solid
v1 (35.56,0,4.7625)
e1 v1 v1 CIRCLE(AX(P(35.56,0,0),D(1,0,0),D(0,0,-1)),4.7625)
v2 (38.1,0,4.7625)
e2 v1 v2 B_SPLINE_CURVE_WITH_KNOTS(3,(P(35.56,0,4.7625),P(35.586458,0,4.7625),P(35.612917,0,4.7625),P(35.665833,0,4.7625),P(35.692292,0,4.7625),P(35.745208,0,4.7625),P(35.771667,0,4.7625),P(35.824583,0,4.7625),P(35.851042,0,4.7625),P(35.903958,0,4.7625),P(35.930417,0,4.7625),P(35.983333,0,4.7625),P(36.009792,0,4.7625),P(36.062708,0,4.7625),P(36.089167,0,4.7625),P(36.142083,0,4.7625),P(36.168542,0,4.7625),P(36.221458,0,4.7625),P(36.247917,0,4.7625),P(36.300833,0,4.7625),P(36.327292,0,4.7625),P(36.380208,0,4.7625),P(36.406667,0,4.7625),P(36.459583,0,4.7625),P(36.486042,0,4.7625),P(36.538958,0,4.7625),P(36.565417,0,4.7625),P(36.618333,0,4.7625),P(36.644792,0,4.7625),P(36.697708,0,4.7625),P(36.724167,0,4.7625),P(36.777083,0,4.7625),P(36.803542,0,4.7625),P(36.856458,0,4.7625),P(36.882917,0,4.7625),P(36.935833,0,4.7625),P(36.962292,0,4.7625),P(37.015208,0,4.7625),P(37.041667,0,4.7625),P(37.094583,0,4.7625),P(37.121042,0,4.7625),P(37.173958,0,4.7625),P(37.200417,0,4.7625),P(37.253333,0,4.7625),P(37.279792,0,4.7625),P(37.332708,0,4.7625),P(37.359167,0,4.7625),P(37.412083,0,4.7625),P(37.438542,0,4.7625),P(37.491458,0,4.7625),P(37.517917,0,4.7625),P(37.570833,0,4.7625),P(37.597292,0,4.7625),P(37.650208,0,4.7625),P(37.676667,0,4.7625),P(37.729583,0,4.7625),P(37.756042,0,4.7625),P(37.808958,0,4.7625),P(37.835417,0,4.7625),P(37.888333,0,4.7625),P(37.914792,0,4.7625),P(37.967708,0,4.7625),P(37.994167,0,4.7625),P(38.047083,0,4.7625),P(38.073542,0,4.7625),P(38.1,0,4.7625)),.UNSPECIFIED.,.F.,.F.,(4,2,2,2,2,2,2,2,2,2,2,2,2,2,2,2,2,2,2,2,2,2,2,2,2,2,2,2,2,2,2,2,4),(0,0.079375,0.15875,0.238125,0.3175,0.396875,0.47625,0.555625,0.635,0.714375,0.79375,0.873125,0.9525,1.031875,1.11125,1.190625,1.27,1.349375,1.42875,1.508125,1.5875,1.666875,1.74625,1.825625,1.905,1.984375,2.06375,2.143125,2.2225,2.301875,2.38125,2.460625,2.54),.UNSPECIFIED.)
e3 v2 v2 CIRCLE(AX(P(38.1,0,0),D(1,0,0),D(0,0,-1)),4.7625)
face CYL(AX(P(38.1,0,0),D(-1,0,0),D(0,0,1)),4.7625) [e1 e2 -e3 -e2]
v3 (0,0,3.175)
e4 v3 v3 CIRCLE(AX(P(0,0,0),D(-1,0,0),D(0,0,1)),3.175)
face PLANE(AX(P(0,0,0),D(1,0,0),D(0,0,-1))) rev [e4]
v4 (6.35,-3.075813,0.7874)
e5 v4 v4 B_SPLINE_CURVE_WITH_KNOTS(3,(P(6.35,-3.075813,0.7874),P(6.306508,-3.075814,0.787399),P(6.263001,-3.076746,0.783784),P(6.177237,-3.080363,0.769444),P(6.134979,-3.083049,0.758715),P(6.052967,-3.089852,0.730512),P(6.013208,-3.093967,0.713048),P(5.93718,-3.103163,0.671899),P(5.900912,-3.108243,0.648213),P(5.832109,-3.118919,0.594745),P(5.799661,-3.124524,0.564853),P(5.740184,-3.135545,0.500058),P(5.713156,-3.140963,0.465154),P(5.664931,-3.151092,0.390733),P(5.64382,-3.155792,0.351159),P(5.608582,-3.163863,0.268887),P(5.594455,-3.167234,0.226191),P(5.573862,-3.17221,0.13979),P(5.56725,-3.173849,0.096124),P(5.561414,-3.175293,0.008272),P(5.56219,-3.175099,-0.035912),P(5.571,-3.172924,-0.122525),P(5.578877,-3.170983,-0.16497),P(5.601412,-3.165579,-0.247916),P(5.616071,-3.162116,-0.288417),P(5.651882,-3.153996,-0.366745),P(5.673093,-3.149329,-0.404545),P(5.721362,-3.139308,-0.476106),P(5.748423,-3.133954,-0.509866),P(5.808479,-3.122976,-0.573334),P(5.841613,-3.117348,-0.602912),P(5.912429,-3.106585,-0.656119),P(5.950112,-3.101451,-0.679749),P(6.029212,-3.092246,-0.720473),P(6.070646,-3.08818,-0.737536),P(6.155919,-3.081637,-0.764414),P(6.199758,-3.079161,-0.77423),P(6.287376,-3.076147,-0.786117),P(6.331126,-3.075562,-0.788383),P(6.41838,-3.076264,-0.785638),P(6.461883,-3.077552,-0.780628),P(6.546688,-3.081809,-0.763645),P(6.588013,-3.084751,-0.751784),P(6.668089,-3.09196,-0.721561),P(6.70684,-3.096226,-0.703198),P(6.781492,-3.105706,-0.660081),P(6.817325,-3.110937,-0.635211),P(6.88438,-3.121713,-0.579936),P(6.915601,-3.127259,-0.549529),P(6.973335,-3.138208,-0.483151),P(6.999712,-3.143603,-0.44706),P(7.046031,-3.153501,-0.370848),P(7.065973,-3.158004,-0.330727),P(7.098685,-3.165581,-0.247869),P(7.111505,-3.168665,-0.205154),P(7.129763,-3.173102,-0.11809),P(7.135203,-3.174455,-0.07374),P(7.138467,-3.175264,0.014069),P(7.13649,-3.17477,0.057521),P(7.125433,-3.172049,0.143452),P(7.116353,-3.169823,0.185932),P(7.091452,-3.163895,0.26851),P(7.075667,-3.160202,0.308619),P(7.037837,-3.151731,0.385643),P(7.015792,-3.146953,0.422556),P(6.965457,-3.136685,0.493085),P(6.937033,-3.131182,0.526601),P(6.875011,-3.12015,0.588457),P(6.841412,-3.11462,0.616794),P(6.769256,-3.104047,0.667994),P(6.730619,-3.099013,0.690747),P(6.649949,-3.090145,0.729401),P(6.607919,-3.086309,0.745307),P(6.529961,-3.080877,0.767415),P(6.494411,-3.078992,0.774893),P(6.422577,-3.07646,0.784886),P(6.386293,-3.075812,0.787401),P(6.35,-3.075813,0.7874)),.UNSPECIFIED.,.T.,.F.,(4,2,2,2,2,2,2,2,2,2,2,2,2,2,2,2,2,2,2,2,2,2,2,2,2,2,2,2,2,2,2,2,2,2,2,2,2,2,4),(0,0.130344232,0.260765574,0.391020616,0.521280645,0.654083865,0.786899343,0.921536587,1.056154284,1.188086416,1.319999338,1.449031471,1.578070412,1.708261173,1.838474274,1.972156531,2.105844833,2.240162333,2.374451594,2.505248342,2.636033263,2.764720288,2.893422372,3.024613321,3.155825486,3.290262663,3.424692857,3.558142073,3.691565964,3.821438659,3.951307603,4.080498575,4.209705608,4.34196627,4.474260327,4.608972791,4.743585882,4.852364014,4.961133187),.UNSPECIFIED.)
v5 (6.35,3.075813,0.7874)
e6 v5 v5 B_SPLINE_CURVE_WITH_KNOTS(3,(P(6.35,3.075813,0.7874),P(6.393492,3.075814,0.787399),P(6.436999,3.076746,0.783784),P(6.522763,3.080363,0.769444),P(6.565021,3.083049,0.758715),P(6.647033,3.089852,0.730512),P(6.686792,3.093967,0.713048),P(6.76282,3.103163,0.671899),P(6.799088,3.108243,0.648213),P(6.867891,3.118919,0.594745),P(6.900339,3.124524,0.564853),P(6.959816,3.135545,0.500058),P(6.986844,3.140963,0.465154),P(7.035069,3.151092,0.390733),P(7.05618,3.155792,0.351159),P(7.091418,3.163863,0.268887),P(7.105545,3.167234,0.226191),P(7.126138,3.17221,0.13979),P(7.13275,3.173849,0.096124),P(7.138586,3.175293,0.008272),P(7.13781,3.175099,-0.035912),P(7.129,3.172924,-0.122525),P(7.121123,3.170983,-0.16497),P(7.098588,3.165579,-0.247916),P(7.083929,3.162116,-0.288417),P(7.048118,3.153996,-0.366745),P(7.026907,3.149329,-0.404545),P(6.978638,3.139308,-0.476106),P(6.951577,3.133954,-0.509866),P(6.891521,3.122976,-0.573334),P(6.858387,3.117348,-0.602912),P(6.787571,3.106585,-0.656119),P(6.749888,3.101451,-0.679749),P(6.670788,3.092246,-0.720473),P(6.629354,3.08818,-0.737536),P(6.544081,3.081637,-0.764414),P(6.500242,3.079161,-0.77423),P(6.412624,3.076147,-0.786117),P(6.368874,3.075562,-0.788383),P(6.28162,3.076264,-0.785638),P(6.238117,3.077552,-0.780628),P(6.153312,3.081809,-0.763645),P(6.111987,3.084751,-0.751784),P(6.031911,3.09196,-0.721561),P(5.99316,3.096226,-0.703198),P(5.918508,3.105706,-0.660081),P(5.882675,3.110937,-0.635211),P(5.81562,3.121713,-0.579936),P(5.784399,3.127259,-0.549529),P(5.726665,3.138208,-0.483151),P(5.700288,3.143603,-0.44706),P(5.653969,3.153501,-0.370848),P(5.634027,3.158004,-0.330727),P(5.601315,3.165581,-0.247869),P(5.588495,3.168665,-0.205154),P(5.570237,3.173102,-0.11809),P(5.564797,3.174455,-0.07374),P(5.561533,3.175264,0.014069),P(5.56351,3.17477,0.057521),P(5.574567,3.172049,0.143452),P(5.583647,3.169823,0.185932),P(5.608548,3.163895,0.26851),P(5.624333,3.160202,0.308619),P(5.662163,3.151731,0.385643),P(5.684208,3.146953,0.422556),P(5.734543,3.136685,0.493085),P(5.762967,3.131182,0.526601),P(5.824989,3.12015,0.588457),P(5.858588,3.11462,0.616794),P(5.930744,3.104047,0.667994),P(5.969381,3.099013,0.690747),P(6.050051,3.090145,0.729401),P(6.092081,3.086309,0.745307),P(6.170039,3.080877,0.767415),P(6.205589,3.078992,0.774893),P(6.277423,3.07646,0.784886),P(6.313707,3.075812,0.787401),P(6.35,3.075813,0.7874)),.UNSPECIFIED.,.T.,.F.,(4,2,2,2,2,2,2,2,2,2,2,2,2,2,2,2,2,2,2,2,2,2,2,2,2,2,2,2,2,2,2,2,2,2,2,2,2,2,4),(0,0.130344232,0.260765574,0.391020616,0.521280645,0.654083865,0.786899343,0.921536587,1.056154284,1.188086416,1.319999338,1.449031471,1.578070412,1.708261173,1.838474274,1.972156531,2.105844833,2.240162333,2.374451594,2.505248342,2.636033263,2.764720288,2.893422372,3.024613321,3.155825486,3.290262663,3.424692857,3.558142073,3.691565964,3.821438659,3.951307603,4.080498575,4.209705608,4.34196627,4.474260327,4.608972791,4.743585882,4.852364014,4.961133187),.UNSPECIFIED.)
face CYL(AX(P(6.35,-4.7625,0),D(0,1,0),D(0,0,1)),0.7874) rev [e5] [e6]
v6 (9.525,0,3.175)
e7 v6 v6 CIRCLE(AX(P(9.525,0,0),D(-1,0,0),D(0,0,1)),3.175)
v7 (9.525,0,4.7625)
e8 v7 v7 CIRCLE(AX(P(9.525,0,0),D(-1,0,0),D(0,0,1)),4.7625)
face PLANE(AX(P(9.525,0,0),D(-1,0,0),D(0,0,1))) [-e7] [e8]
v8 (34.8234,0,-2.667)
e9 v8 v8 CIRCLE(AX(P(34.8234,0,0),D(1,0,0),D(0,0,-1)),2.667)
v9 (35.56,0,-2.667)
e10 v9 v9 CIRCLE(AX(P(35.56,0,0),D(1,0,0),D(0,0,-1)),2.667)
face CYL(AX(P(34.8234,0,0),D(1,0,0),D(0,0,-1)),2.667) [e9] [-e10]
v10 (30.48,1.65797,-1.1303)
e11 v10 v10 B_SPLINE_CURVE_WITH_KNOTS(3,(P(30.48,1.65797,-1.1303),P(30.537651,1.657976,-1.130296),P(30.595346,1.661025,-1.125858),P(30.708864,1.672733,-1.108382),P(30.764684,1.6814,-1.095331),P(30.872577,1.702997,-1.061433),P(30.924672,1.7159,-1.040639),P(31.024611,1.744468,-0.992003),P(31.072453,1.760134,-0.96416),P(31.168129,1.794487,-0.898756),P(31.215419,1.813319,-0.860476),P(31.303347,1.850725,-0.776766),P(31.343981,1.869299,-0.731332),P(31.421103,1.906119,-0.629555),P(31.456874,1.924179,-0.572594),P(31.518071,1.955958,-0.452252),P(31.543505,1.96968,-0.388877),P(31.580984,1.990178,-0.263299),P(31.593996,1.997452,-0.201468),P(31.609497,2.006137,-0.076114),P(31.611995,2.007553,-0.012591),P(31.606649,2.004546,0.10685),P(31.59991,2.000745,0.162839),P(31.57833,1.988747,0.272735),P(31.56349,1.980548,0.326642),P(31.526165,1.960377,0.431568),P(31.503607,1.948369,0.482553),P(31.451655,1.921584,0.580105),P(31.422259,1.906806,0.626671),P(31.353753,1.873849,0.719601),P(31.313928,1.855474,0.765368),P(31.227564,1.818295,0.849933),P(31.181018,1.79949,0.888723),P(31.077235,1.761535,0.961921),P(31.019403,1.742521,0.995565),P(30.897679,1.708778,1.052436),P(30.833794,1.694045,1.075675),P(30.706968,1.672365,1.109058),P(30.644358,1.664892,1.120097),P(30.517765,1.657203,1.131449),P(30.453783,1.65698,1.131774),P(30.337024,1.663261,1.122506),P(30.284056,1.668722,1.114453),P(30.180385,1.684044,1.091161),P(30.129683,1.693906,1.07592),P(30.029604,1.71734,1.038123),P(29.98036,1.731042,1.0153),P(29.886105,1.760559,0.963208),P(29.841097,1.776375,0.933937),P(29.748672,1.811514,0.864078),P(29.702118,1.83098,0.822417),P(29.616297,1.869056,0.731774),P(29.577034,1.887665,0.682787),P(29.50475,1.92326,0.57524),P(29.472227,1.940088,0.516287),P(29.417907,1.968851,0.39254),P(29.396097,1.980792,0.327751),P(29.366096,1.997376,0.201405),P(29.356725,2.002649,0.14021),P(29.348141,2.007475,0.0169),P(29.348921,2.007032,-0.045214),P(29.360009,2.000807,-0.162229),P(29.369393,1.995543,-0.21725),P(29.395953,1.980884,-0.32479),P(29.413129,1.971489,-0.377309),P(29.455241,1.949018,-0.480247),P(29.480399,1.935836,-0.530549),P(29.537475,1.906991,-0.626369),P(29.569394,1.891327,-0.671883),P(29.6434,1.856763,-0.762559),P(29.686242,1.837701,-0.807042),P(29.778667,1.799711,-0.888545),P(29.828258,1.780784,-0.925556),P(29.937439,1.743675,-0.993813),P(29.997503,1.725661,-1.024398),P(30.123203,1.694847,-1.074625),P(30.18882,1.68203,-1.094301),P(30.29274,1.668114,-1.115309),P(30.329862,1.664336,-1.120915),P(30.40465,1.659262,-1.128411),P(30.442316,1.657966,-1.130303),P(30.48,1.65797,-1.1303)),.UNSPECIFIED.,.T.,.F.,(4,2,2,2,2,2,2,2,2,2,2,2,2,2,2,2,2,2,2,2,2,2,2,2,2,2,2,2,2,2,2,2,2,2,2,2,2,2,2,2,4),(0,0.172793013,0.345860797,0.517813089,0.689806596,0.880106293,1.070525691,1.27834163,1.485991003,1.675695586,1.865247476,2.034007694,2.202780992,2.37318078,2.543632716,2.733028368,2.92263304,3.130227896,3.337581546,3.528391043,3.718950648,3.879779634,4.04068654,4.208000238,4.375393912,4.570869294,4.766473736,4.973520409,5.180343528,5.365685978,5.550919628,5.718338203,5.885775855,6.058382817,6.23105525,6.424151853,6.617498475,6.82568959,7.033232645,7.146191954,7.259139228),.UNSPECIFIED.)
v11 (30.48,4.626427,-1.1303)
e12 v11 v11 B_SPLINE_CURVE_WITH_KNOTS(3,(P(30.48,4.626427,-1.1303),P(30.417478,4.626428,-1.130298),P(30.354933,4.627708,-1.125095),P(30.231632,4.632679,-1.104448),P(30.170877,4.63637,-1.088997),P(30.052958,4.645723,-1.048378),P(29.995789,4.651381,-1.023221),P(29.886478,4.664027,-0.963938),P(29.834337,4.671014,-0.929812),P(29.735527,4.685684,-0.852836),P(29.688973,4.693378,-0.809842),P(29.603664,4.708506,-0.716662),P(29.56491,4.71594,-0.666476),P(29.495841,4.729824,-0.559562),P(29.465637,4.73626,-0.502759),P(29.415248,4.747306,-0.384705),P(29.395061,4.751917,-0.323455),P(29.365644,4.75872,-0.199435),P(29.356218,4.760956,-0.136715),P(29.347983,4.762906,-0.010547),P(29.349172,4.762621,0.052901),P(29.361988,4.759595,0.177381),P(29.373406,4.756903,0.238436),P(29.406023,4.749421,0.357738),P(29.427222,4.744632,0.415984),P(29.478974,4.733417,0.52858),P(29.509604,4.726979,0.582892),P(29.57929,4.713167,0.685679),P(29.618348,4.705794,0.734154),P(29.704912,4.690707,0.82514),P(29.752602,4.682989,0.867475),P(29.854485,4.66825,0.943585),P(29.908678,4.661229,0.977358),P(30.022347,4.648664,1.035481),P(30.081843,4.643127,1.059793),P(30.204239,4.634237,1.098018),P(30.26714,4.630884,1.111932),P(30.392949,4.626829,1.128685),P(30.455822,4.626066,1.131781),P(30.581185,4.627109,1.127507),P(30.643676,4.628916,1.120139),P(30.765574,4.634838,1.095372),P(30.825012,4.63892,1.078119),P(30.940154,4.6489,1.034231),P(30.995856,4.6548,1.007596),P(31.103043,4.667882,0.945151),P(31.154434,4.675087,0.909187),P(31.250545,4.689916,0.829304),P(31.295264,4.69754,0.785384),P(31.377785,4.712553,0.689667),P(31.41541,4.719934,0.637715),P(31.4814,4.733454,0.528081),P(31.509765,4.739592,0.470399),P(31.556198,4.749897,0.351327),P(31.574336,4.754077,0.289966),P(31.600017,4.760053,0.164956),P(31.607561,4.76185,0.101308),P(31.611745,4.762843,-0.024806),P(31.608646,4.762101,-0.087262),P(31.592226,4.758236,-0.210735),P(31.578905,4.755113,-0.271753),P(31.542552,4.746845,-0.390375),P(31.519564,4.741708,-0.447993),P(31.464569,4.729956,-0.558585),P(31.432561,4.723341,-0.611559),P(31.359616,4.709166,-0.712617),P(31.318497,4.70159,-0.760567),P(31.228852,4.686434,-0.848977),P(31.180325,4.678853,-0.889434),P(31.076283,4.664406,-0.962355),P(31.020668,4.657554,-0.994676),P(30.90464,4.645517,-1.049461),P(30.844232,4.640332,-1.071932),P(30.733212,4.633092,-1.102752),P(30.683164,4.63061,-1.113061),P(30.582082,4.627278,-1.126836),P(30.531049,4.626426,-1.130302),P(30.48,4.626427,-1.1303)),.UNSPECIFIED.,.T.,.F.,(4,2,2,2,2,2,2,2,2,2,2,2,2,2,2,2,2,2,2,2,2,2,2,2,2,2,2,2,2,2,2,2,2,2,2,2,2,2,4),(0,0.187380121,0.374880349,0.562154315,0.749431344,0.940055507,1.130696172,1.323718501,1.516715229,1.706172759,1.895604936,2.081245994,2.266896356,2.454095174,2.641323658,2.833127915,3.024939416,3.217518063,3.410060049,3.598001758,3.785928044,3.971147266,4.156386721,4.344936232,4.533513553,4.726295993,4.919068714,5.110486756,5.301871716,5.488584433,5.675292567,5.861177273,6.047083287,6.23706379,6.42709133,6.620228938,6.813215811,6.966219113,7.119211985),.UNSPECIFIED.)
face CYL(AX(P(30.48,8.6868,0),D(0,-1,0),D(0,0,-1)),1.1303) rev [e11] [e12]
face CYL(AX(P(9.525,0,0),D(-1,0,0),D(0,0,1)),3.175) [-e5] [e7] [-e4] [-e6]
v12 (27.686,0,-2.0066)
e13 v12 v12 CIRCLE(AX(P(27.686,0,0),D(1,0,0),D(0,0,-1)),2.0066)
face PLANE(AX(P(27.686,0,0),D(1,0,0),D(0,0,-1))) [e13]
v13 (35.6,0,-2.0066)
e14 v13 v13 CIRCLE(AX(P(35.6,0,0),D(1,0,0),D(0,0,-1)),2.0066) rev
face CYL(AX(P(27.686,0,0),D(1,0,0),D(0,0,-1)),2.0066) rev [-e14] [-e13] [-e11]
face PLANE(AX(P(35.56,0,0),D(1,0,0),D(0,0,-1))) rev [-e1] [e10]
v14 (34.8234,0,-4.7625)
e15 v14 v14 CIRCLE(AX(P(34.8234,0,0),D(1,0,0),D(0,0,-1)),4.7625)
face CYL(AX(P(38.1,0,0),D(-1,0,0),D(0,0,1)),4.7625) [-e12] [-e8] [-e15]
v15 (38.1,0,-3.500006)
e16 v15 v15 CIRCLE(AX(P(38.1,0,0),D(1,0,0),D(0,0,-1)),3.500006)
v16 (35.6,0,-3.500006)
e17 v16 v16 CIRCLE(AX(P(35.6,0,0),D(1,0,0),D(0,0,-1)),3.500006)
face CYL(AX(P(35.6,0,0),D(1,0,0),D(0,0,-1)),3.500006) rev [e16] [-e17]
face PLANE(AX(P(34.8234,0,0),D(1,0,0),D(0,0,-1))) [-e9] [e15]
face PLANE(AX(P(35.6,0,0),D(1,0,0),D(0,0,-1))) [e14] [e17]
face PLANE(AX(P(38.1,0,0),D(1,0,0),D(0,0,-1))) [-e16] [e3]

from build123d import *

# Parameters (mm, degrees)
SKETCH1_R               = 4.7625
BOSS_EXTRUDE1_DEPTH     = 38.1
SKETCH2_R               = 2.0066
CUT_EXTRUDE1_DEPTH      = 10.414
SKETCH3_R               = 1.1303
CUT_EXTRUDE2_DEPTH      = 8.6868
SKETCH4_R               = 5.084796601
SKETCH4_R_2             = 3.175
CUT_EXTRUDE3_DEPTH      = 9.525
CUT_EXTRUDE4_DEPTH      = 39.690733028
CUT_EXTRUDE4_DEPTH_BACK = 39.690733028
SKETCH5_R               = 0.7874
SKETCH6_R               = 3.5000057
CUT_EXTRUDE5_DEPTH      = 2.50000008
CUT_EXTRUDE7_START      = -0.7366
SKETCH7_R               = 4.7625
SKETCH7_R_2             = 2.667
CUT_EXTRUDE7_DEPTH      = 0.7366


with BuildPart() as part:
    # Sketch1 → Boss-Extrude1 (new body)
    with BuildSketch(Plane(origin=(0, 0, 0), x_dir=(0, 0, -1), z_dir=(1, 0, 0))):
        with Locations(Location((0, 0, 0), (0, 0, 180))):
            Circle(SKETCH1_R)
    extrude(amount=BOSS_EXTRUDE1_DEPTH)

    # Sketch2 → Cut-Extrude1 (cut)
    with BuildSketch(Plane(origin=(38.1, 0, 0), x_dir=(0, 0, -1), z_dir=(1, 0, 0))):
        Circle(SKETCH2_R)
    extrude(amount=-CUT_EXTRUDE1_DEPTH, mode=Mode.SUBTRACT)

    # Sketch3 → Cut-Extrude2 (cut)
    with BuildSketch(Plane(origin=(0, 0, 0), x_dir=(1, 0, 0), z_dir=(0, 1, 0))):
        with Locations(Location((30.48, 0, 0), (0, 0, 90))):
            Circle(SKETCH3_R)
    extrude(amount=CUT_EXTRUDE2_DEPTH, mode=Mode.SUBTRACT)

    # Sketch4 → Cut-Extrude3 (cut)
    with BuildSketch(Plane.ZY):
        Circle(SKETCH4_R)
        Circle(SKETCH4_R_2, mode=Mode.SUBTRACT)
    extrude(amount=-CUT_EXTRUDE3_DEPTH, mode=Mode.SUBTRACT)

    # Sketch5 → Cut-Extrude4 (cut, two sides: drawn at the far end of the back side and taken through both)
    with BuildSketch(Plane(origin=(0, 0, 0), x_dir=(1, 0, 0), z_dir=(0, 1, 0)).offset(-CUT_EXTRUDE4_DEPTH_BACK)):
        with Locations(Location((6.35, 0, 0), (0, 0, 270))):
            Circle(SKETCH5_R)
    extrude(amount=CUT_EXTRUDE4_DEPTH + CUT_EXTRUDE4_DEPTH_BACK, mode=Mode.SUBTRACT)

    # Sketch6 → Cut-Extrude5 (cut)
    with BuildSketch(Plane(origin=(38.1, 0, 0), x_dir=(0, 0, -1), z_dir=(1, 0, 0))):
        Circle(SKETCH6_R)
    extrude(amount=-CUT_EXTRUDE5_DEPTH, mode=Mode.SUBTRACT)

    # Sketch7 → Cut-Extrude7 (cut)
    with BuildSketch(Plane(origin=(35.56, 0, 0), x_dir=(0, 0, -1), z_dir=(1, 0, 0)).offset(CUT_EXTRUDE7_START)):
        with Locations(Location((0, 0, 0), (0, 0, 180))):
            Circle(SKETCH7_R)
        Circle(SKETCH7_R_2, mode=Mode.SUBTRACT)
    extrude(amount=CUT_EXTRUDE7_DEPTH, mode=Mode.SUBTRACT)


solid = part.part
